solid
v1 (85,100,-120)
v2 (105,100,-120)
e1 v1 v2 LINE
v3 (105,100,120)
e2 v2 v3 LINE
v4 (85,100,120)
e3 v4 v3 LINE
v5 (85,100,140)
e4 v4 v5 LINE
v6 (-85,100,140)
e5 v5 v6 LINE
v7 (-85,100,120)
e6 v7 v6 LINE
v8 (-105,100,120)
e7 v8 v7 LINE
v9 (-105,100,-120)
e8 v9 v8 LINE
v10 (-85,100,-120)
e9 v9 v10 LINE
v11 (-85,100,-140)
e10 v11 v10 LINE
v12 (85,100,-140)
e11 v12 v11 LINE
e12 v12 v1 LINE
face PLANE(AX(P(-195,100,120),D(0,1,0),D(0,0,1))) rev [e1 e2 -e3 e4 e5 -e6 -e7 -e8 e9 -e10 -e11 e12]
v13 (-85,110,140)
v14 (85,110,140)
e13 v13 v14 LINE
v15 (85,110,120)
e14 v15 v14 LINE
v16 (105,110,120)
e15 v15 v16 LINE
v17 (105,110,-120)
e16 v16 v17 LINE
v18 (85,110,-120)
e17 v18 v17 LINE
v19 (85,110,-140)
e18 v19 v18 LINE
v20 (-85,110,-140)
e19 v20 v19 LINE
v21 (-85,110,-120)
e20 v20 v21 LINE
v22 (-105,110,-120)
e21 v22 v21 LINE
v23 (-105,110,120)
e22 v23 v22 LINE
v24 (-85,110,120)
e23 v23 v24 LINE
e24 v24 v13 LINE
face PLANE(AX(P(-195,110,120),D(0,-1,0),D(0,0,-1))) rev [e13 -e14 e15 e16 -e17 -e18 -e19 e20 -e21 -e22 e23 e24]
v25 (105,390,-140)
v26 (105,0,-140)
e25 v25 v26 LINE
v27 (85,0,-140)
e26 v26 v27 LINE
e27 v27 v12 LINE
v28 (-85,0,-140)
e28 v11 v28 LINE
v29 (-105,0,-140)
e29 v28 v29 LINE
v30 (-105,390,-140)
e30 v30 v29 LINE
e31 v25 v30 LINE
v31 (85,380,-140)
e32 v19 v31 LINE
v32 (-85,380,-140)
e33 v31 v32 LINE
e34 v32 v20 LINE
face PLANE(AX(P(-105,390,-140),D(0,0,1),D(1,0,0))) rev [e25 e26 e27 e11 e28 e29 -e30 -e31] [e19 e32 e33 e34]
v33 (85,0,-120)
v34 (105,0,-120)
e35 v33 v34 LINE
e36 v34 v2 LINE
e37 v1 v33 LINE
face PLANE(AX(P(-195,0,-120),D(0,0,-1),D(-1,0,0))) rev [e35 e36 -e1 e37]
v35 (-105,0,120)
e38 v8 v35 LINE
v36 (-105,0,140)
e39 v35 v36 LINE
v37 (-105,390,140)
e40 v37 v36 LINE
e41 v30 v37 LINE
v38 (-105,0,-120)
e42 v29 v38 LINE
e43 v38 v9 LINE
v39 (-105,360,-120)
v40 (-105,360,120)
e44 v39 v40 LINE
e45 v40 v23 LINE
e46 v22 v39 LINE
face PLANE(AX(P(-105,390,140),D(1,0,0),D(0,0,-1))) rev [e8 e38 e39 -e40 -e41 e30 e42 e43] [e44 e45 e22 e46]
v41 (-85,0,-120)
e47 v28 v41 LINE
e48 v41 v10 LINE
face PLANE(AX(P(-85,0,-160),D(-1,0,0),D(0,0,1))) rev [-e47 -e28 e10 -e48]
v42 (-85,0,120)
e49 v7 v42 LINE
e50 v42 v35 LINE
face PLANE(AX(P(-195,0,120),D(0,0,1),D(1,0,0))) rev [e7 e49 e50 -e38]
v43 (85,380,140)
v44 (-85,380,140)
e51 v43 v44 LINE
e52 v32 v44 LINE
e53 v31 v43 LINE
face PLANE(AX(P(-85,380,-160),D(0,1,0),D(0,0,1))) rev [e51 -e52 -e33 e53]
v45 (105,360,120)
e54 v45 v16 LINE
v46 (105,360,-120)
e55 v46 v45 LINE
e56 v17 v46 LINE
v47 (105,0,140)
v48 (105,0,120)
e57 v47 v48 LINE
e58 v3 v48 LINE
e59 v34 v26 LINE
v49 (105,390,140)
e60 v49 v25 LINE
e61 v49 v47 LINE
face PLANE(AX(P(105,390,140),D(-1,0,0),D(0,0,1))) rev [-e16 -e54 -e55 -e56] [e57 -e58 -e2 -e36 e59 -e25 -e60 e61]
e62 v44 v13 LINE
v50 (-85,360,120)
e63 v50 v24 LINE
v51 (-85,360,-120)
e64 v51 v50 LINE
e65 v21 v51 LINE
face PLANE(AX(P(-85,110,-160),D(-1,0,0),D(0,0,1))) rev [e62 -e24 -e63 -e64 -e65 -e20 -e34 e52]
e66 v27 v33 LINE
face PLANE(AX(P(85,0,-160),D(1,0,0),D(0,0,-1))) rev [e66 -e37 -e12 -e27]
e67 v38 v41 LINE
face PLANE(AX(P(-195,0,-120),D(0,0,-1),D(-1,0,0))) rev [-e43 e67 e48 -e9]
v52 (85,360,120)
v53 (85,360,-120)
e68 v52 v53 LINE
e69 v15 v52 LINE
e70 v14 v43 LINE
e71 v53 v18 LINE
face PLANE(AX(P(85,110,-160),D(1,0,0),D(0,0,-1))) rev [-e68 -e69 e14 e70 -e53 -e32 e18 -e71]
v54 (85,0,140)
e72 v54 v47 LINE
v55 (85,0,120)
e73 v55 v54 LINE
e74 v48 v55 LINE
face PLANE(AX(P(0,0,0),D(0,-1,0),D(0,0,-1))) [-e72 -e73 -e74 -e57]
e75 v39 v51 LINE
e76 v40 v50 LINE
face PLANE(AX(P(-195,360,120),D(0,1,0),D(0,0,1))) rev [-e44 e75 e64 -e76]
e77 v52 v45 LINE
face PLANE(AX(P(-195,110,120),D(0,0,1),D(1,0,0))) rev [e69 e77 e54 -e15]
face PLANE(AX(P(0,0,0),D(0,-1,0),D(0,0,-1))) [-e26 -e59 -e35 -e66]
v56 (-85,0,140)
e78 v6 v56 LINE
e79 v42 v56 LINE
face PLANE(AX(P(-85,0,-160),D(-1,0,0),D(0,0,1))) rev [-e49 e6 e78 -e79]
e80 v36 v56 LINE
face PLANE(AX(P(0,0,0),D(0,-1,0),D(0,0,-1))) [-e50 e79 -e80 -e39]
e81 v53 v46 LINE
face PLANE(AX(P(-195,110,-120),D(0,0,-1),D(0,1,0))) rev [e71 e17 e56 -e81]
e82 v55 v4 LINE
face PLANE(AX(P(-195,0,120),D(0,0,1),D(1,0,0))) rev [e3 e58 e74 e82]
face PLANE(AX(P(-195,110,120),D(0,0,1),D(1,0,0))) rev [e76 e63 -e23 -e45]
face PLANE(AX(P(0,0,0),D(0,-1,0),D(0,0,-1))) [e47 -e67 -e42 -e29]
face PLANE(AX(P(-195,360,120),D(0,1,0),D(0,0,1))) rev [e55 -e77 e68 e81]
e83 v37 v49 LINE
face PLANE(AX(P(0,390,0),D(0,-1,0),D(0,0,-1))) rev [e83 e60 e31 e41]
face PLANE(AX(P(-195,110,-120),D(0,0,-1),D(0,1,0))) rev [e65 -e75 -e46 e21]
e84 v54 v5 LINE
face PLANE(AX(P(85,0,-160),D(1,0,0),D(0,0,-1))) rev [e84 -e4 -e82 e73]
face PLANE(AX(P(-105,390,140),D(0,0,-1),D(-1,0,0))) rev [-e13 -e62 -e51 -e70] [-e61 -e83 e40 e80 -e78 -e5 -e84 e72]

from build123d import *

# Parameters (mm, degrees)
SKETCH1_W           = 210
SKETCH1_H           = 280
BOSS_EXTRUDE1_DEPTH = 390
SKETCH4_W           = 240
SKETCH4_H           = 100
SKETCH4_H_2         = 250
CUT_EXTRUDE1_DEPTH  = 300
SKETCH5_W           = 170
SKETCH5_H           = 100
SKETCH5_H_2         = 270
CUT_EXTRUDE2_DEPTH  = 300


with BuildPart() as part:
    # Sketch1 → Boss-Extrude1 (new body)
    with BuildSketch(Plane(origin=(0, 0, 0), x_dir=(1, 0, 0), z_dir=(0, 1, 0))):
        Rectangle(SKETCH1_W, SKETCH1_H)
    extrude(amount=BOSS_EXTRUDE1_DEPTH)

    # Sketch4 → Cut-Extrude1 (cut)
    with BuildSketch(Plane(origin=(105, 0, 0), x_dir=(0, 0, -1), z_dir=(1, 0, 0))):
        with Locations((0, 50)):
            Rectangle(SKETCH4_W, SKETCH4_H)
        with Locations((0, 235)):
            Rectangle(SKETCH4_W, SKETCH4_H_2)
    extrude(amount=-CUT_EXTRUDE1_DEPTH, mode=Mode.SUBTRACT)

    # Sketch5 → Cut-Extrude2 (cut)
    with BuildSketch(Plane.XY.offset(140)):
        with Locations((0, 50)):
            Rectangle(SKETCH5_W, SKETCH5_H)
        with Locations((0, 245)):
            Rectangle(SKETCH5_W, SKETCH5_H_2)
    extrude(amount=-CUT_EXTRUDE2_DEPTH, mode=Mode.SUBTRACT)


solid = part.part
